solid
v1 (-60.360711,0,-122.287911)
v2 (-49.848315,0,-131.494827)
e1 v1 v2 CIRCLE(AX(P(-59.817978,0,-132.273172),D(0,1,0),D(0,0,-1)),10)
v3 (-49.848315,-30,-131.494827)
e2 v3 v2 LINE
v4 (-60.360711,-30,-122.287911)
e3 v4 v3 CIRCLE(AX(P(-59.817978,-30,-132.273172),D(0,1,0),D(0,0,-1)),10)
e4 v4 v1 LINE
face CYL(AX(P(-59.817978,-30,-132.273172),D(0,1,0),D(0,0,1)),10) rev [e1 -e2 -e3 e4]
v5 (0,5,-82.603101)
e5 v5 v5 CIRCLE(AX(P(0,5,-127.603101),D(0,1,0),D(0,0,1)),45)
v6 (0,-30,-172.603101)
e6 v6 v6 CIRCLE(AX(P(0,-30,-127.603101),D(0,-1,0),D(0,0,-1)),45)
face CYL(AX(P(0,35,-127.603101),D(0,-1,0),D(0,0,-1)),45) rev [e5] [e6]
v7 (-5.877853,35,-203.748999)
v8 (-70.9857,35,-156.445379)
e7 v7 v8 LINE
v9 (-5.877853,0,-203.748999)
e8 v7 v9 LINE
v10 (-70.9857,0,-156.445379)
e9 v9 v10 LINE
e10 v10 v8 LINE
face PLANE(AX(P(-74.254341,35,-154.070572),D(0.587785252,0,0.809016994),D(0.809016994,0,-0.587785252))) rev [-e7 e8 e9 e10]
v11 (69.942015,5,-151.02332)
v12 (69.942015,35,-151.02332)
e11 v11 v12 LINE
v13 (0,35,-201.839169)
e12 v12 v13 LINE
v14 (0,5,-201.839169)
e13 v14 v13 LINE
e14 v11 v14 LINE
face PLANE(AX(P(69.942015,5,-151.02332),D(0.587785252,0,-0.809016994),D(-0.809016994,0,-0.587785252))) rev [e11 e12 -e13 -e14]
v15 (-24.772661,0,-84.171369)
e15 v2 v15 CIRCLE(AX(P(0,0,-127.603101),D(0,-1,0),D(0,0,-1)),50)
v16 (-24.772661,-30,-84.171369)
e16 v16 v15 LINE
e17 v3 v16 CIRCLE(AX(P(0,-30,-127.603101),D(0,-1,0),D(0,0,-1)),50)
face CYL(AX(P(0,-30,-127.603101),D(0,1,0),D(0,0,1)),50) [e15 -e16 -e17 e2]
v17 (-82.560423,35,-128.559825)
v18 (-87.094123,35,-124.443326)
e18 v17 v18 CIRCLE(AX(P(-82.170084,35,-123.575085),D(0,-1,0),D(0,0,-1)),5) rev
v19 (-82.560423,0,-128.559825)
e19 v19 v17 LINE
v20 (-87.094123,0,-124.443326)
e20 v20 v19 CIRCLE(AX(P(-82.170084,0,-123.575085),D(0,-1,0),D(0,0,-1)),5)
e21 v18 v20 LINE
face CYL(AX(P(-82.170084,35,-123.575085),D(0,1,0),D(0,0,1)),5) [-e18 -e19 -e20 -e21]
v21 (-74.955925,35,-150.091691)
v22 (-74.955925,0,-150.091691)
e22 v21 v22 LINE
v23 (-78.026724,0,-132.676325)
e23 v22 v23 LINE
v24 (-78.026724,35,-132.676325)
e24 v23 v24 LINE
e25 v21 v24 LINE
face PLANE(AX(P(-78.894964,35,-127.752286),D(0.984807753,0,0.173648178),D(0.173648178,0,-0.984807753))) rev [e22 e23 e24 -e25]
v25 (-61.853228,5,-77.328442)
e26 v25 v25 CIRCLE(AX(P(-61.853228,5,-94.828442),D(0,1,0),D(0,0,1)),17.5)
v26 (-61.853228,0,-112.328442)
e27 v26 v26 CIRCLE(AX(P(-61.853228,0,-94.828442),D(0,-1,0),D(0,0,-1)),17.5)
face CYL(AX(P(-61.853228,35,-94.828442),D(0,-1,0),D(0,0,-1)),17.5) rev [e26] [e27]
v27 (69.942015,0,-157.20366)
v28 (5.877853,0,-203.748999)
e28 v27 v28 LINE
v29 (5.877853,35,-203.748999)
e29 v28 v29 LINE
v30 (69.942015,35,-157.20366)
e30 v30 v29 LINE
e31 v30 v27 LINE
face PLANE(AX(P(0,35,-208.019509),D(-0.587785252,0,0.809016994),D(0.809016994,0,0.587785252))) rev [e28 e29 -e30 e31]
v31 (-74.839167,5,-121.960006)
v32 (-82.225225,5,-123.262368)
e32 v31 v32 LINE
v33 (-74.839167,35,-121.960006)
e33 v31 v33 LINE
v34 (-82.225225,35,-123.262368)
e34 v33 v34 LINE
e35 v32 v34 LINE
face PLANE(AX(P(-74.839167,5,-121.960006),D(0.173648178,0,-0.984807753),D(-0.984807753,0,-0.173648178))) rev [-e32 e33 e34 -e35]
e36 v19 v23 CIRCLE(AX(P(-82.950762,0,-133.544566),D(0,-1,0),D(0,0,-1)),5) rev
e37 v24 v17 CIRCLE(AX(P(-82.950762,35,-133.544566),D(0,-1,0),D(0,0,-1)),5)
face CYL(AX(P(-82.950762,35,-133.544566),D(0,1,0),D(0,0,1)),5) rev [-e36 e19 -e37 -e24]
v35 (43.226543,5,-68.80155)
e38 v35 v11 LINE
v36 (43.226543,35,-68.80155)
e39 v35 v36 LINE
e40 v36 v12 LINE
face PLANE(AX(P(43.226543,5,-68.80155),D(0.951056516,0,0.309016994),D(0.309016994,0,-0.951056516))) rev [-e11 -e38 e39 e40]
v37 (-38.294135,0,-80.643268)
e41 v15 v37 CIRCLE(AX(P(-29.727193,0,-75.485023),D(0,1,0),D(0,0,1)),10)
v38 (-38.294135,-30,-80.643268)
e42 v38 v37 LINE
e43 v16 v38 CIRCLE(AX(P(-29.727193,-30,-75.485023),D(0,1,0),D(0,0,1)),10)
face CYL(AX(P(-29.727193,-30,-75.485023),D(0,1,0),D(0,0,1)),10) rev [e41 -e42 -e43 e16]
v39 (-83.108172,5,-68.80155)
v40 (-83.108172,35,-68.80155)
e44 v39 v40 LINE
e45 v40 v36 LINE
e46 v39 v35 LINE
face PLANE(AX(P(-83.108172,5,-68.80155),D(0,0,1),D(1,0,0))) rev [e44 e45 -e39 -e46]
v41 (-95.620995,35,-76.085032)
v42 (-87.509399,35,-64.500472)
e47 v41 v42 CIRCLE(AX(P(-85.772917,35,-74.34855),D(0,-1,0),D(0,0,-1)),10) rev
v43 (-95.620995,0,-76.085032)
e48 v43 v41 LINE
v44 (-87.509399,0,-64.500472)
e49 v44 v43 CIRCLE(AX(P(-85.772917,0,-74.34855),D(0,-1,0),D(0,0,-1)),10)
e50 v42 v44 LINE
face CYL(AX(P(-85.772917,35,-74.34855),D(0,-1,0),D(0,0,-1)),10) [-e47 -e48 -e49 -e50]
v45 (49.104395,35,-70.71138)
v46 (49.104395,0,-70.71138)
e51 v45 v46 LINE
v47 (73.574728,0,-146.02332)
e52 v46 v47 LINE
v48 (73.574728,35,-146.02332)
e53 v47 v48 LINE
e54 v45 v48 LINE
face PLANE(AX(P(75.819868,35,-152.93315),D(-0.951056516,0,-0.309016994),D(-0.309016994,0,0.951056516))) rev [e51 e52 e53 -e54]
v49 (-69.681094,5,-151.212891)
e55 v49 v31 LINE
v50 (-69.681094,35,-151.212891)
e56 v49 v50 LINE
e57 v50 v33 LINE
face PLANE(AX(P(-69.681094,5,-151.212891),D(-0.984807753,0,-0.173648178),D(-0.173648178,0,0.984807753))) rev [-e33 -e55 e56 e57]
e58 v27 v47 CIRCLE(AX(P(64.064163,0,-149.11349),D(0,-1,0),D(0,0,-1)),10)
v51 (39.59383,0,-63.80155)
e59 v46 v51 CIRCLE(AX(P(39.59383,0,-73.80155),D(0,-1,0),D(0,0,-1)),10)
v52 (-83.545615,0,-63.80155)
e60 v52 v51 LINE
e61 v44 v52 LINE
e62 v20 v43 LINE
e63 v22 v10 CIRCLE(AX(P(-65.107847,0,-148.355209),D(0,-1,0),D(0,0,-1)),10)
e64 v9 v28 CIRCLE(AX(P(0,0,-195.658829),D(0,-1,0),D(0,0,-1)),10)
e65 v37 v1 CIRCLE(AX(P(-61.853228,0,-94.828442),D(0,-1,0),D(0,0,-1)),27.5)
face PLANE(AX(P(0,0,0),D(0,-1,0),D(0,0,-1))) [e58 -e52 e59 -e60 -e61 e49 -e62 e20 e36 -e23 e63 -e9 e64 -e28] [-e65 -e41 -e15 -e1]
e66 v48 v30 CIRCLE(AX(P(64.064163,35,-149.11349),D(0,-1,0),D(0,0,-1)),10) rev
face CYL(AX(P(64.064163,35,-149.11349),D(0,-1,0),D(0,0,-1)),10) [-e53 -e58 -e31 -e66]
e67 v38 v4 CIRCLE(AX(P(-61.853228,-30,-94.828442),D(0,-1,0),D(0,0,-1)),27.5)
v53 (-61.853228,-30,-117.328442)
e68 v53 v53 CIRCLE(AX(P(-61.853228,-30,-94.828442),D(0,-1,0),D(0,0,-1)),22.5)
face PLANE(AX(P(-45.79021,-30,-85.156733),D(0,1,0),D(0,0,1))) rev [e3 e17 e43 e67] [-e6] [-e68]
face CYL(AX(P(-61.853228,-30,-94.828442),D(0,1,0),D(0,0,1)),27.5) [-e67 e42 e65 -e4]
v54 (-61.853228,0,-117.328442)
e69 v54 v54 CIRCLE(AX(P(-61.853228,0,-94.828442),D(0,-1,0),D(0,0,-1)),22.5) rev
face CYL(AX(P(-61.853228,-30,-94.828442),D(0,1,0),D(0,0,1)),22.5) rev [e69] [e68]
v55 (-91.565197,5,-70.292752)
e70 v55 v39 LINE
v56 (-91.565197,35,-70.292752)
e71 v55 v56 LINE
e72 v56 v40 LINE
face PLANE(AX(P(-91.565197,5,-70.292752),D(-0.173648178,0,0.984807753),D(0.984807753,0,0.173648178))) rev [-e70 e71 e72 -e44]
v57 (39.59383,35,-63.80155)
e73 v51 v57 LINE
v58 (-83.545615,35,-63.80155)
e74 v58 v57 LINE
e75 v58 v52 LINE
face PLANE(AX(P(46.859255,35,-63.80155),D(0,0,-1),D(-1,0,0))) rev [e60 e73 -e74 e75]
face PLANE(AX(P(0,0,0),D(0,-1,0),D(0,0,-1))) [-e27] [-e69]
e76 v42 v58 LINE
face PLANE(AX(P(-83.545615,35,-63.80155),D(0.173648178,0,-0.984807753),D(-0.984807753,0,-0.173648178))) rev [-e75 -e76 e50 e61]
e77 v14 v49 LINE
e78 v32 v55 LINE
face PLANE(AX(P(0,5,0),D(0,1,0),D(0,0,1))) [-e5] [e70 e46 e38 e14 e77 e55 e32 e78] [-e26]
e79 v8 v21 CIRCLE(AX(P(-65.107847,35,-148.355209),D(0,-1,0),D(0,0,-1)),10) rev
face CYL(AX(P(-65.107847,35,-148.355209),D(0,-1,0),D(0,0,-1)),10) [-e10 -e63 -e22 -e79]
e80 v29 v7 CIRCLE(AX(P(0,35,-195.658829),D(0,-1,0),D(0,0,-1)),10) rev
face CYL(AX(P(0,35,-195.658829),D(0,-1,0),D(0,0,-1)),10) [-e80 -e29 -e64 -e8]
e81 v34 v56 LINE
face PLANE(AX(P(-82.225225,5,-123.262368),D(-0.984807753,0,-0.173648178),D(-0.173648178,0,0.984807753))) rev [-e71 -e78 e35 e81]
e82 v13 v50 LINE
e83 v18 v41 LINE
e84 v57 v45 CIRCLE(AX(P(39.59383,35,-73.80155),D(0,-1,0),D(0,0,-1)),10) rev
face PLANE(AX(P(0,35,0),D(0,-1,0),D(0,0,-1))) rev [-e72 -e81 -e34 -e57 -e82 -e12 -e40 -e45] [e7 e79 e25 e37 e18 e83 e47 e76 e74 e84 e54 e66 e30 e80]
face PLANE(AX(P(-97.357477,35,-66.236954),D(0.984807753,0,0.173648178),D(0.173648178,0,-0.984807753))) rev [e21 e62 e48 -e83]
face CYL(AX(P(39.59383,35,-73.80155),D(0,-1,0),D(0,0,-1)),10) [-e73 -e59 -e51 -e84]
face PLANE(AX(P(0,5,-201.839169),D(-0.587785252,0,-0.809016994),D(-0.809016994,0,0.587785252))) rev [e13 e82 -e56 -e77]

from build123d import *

# Parameters (mm, degrees)
SKETCH1_R               = 45
BOSS_EXTRUDE1_DEPTH     = 35
CUT_EXTRUDE1_DEPTH      = 30
BOSS_EXTRUDE6_START     = 30
SKETCH4_R               = 22.5
SKETCH4_R_2             = 45
BOSS_EXTRUDE6_DEPTH     = 30
CUT_EXTRUDE5_DEPTH      = 233.326481949
CUT_EXTRUDE5_DEPTH_BACK = 233.326481949
SKETCH11_R              = 17.5
FILLET5_R               = 10
FILLET7_R               = 5
FILLET8_R               = 5


with BuildPart() as part:
    # Sketch1 → Boss-Extrude1 (new body)
    with BuildSketch(Plane(origin=(0, 0, 0), x_dir=(1, 0, 0), z_dir=(0, 1, 0))):
        Polygon((46.859255168, 63.80155033), (-83.545615043, 63.80155033), (-97.357476794, 66.23695421), (-86.281022646, 129.054647247), (-78.894964498, 127.752285914), (-74.254340533, 154.070572239), (0, 208.019508525), (75.819867549, 152.933150283), align=None)
        with Locations(Location((0, 127.60310066, 0), (0, 0, 90))):
            Circle(SKETCH1_R, mode=Mode.SUBTRACT)
    extrude(amount=BOSS_EXTRUDE1_DEPTH)

    # Sketch2 → Cut-Extrude1 (cut)
    with BuildSketch(Plane(origin=(0, 35, 0), x_dir=(1, 0, 0), z_dir=(0, 1, 0))):
        Polygon((69.942015026, 151.023320226), (0, 201.839168637), (-69.681093857, 151.212890552), (-74.839166621, 121.960006261), (-82.225224769, 123.262367593), (-91.56519714, 70.292752087), (-83.108171726, 68.80155033), (43.226542528, 68.80155033), align=None)
    extrude(amount=-CUT_EXTRUDE1_DEPTH, mode=Mode.SUBTRACT)

    # Sketch4 → Boss-Extrude6 (add)
    with BuildSketch(Plane.XZ.offset(BOSS_EXTRUDE6_START)):
        with BuildLine():
            ThreePointArc((-38.294135291, -80.643268154), (-86.152709956, -81.952683716), (-60.360710902, -122.287910539))
            ThreePointArc((-60.360710902, -122.287910539), (-53.229459059, -124.750444519), (-49.848314613, -131.494826529))
            ThreePointArc((-49.848314613, -131.494826529), (44.180876901, -151.013570888), (-24.772660509, -84.171369273))
            ThreePointArc((-24.772660509, -84.171369273), (-32.2519207, -85.161062892), (-38.294135291, -80.643268154))
        make_face()
        with Locations(Location((-61.853227661, -94.828442341, 0), (0, 0, 270))):
            Circle(SKETCH4_R, mode=Mode.SUBTRACT)
        with Locations(Location((0, -127.60310066, 0), (0, 0, 270))):
            Circle(SKETCH4_R_2, mode=Mode.SUBTRACT)
    extrude(amount=-BOSS_EXTRUDE6_DEPTH)

    # Sketch11 → Cut-Extrude5 (cut, two sides: drawn at the far end of the back side and taken through both)
    with BuildSketch(Plane.XZ.offset(-CUT_EXTRUDE5_DEPTH_BACK)):
        with Locations(Location((-61.853227661, -94.828442341, 0), (0, 0, 270))):
            Circle(SKETCH11_R)
    extrude(amount=CUT_EXTRUDE5_DEPTH + CUT_EXTRUDE5_DEPTH_BACK, mode=Mode.SUBTRACT)

    # Fillet5
    fillet5_edges = [part.edges().sort_by_distance(p)[0] for p in [
        (-97.357476794, 17.5, -66.23695421),
        (-74.254340533, 17.5, -154.070572239),
        (0, 17.5, -208.019508525),
        (75.819867549, 17.5, -152.933150283),
        (46.859255168, 17.5, -63.80155033),
    ]]
    fillet(fillet5_edges, radius=FILLET5_R)

    # Fillet7
    fillet7_edges = [part.edges().sort_by_distance(p)[0] for p in [
        (-78.894964498, 17.5, -127.752285914),
    ]]
    fillet(fillet7_edges, radius=FILLET7_R)

    # Fillet8
    fillet8_edges = [part.edges().sort_by_distance(p)[0] for p in [
        (-86.281022646, 17.5, -129.054647247),
    ]]
    fillet(fillet8_edges, radius=FILLET8_R)


solid = part.part
